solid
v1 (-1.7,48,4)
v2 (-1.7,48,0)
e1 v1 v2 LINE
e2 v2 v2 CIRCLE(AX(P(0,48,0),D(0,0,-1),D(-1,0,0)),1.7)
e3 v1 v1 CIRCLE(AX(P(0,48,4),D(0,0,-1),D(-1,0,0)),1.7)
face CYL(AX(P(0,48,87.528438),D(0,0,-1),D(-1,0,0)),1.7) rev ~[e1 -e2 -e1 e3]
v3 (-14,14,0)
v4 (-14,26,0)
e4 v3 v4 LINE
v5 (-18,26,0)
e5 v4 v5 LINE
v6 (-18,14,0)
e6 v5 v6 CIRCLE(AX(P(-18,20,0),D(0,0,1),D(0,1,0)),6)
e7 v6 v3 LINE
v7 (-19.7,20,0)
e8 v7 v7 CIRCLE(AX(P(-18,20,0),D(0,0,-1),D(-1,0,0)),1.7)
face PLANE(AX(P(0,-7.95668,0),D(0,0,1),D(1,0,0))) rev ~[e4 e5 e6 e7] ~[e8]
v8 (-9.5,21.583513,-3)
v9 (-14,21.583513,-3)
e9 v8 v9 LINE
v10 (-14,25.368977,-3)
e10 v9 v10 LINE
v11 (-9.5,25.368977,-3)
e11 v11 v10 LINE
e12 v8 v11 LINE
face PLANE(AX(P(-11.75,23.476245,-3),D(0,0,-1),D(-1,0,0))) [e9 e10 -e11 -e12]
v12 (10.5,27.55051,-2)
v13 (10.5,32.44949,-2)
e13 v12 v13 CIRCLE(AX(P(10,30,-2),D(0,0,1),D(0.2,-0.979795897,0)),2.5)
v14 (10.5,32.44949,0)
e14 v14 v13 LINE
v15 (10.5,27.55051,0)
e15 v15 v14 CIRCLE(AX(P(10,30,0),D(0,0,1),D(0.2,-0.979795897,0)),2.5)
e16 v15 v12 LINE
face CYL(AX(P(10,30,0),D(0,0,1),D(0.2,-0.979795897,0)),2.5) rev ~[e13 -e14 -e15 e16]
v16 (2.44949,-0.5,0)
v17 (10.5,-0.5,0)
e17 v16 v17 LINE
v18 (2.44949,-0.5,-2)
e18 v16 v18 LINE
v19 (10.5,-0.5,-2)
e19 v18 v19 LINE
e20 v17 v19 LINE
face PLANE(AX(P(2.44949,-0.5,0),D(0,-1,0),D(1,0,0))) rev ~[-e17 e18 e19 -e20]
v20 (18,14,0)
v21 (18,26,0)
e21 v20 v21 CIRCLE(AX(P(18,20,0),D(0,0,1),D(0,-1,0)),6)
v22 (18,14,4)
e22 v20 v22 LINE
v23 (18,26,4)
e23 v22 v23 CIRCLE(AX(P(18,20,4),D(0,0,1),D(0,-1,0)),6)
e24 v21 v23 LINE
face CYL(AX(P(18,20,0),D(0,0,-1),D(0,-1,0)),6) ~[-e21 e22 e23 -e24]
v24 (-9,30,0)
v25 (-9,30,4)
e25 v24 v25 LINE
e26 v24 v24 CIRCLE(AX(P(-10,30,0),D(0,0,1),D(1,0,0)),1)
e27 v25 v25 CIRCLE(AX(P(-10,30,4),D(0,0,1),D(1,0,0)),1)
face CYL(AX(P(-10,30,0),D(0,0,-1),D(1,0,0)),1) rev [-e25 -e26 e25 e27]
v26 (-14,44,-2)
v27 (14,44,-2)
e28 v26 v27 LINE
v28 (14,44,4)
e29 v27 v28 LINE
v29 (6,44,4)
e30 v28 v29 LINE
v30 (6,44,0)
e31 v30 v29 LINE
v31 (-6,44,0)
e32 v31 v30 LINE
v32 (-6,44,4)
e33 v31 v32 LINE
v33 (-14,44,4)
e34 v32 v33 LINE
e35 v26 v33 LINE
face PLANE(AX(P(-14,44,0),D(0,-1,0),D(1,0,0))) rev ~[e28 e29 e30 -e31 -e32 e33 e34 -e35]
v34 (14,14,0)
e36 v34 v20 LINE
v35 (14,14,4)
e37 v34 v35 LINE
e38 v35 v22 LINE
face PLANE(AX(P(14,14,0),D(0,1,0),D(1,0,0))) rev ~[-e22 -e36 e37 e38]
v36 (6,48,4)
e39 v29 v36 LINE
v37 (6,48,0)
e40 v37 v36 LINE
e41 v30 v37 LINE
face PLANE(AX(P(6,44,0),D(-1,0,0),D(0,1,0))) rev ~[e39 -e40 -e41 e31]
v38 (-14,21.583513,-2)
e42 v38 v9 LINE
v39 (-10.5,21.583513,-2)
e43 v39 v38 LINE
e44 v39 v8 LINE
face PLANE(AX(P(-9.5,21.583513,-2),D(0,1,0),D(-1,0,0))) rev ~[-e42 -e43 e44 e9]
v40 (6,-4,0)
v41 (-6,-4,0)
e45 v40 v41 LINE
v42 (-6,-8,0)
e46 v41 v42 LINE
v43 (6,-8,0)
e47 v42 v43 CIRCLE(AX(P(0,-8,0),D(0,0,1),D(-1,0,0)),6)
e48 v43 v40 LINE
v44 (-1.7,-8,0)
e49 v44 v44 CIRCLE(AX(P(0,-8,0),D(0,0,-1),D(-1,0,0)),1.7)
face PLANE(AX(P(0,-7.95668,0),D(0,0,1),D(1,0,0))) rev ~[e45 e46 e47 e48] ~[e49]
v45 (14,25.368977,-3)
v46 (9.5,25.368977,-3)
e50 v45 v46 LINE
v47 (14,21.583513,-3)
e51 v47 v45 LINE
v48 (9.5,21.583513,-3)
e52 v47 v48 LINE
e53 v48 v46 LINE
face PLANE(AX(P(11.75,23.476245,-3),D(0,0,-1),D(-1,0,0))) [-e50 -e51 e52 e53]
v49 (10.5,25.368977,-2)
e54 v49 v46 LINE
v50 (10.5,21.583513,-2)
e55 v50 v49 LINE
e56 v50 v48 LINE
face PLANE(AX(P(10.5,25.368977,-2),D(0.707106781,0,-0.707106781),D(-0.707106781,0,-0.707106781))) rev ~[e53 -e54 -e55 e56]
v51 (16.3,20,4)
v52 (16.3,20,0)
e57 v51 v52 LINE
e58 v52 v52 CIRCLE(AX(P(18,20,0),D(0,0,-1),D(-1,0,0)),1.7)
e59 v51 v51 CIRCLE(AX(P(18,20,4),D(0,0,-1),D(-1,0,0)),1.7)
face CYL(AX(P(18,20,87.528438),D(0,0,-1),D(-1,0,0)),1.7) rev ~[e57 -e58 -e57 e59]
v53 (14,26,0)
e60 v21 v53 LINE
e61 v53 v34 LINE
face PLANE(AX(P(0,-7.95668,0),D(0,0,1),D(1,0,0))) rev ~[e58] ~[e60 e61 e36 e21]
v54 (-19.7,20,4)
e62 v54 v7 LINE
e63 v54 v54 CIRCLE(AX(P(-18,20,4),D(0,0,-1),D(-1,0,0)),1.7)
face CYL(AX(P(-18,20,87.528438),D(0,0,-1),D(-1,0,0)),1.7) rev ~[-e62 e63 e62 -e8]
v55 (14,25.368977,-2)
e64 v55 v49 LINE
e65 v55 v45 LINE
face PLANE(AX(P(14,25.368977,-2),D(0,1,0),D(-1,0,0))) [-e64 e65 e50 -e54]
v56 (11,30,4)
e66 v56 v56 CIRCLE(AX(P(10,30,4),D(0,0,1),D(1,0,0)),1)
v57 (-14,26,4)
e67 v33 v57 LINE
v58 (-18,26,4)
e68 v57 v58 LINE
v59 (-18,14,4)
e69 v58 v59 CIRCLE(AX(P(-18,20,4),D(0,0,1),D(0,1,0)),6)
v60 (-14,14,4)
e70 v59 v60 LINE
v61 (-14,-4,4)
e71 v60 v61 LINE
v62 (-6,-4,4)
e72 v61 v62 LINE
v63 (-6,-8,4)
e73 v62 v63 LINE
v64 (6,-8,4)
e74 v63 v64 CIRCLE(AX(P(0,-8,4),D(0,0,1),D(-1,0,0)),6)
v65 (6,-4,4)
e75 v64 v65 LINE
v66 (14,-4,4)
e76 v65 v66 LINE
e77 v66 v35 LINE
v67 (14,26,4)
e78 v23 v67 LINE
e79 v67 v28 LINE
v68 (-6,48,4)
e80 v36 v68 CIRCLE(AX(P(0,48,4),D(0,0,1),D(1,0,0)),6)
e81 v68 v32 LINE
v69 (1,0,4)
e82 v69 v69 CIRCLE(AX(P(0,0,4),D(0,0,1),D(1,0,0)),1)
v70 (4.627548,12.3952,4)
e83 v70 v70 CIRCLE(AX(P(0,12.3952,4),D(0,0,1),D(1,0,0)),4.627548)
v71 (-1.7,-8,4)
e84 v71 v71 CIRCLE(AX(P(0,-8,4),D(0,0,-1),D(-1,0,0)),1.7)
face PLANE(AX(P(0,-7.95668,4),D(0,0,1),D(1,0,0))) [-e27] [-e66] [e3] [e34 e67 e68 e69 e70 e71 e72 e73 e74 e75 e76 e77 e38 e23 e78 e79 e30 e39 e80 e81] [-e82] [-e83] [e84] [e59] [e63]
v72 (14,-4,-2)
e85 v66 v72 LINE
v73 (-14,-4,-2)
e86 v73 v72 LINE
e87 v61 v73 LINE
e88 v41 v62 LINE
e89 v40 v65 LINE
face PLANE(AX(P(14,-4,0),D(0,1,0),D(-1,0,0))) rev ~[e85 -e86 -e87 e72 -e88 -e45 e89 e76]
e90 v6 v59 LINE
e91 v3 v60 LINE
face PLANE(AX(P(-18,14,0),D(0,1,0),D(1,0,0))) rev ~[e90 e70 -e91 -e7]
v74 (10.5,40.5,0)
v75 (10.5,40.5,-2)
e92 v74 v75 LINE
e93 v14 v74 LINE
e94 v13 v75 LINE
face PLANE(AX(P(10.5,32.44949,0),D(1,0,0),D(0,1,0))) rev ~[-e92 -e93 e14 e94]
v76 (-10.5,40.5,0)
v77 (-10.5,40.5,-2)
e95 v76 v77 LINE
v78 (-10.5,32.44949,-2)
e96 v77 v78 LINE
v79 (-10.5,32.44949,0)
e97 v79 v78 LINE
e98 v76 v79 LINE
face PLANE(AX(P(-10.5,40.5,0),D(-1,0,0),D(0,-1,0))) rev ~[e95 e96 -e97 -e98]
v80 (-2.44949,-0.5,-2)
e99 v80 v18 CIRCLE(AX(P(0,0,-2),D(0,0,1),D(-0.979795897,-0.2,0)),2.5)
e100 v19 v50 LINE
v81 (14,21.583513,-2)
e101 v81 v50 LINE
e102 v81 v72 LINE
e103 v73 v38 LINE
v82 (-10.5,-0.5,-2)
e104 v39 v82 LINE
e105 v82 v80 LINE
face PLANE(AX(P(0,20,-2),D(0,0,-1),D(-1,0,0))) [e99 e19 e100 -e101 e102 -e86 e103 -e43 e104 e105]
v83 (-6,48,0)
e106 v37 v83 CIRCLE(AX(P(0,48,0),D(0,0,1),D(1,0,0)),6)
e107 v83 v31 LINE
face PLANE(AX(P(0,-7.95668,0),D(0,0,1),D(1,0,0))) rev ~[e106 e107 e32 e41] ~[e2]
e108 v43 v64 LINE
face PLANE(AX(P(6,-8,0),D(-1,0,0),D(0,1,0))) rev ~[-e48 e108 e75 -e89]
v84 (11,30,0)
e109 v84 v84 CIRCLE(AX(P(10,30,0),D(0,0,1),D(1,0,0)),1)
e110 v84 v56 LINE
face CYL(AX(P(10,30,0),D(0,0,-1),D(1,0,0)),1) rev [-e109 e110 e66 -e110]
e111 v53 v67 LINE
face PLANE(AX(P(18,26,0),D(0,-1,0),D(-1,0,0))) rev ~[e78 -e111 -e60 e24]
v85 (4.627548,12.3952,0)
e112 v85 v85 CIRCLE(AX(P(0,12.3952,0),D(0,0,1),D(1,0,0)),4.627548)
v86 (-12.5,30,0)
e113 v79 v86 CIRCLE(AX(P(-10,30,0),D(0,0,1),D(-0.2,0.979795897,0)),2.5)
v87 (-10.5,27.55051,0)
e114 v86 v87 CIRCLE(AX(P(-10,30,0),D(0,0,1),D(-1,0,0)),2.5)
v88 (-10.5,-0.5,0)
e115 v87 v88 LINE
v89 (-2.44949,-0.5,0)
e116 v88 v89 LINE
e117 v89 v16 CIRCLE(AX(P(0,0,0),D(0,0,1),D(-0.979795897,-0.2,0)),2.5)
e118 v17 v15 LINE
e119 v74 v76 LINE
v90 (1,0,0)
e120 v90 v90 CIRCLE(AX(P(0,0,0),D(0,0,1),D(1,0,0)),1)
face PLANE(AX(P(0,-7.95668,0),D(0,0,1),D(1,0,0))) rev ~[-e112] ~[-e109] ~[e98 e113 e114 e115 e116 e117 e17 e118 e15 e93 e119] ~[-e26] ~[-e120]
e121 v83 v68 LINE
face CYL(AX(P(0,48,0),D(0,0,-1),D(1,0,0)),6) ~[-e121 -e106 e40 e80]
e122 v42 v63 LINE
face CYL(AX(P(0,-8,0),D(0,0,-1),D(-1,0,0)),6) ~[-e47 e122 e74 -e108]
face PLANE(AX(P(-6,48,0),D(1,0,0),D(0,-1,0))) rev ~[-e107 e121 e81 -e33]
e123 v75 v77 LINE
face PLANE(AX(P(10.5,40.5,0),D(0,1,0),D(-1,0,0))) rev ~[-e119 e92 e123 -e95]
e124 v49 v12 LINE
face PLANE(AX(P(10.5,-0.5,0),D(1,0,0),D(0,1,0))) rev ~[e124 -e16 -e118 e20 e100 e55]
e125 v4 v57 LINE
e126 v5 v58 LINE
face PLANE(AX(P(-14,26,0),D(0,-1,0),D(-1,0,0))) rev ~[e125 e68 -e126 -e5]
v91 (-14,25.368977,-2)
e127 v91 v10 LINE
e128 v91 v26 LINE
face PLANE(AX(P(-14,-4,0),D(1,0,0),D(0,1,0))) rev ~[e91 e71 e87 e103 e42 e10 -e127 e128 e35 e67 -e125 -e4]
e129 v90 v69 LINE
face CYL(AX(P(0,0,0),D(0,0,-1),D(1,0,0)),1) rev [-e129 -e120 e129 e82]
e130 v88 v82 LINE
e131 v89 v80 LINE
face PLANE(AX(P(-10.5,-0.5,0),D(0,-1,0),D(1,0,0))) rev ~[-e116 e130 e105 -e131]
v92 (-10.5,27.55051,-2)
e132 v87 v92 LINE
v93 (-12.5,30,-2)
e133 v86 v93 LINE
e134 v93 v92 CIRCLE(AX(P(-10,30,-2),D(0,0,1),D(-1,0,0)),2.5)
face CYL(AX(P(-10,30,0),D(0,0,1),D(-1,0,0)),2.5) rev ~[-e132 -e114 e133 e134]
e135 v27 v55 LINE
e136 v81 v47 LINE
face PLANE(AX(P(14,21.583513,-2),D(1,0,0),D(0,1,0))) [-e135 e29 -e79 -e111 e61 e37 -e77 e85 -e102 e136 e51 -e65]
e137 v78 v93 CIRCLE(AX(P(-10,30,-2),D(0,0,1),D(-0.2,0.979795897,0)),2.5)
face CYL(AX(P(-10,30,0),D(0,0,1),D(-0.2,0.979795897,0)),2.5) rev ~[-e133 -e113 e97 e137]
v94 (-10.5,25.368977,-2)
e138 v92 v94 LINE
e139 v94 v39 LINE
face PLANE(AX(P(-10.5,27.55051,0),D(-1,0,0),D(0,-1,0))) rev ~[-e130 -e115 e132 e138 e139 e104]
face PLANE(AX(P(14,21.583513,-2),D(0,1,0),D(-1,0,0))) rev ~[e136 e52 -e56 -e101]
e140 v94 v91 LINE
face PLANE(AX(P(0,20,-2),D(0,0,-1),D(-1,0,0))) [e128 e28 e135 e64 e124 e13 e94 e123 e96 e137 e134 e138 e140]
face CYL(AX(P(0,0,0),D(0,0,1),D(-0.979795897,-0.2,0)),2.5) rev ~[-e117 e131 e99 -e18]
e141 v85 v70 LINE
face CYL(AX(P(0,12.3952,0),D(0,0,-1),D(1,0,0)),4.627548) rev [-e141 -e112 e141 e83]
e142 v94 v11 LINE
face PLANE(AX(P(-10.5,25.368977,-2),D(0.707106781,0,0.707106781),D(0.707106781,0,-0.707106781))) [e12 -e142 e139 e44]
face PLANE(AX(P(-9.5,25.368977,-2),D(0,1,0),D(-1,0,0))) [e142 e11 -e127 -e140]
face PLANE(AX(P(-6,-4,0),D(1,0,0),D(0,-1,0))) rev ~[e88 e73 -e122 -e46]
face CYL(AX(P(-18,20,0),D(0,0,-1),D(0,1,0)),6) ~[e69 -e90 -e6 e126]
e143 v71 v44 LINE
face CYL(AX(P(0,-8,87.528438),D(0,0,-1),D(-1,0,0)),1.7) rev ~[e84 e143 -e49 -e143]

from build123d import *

# Parameters (mm, degrees)
SKETCH1_R           = 4.627548386
SKETCH1_R_2         = 1
BOSS_EXTRUDE1_DEPTH = 4
BOSS_EXTRUDE3_DEPTH = 2
SKETCH5_W           = 4.5
SKETCH5_H           = 3.78546494
BOSS_EXTRUDE4_DEPTH = 1
CUT_EXTRUDE1_DEPTH  = 47.280842529
D_GAGEMENT_M31_D    = 3.4


with BuildPart() as part:
    # Sketch1 → Boss-Extrude1 (new body)
    # profile 1 of 9: a face of its own
    with BuildSketch(Plane.XY):
        with BuildLine():
            Line((-6, 44), (-14, 44))
            Line((-14, 44), (-14, 26))
            Line((-14, 26), (-10, 26))
            ThreePointArc((-10, 26), (-4, 20), (-10, 14))
            Line((-10, 14), (-14, 14))
            Line((-14, 14), (-14, -4))
            Line((-14, -4), (-6, -4))
            Line((-6, -4), (-6, 0))
            ThreePointArc((-6, 0), (0, 6), (6, 0))
            Line((6, 0), (6, -4))
            Line((6, -4), (14, -4))
            Line((14, -4), (14, 14))
            Line((14, 14), (10, 14))
            ThreePointArc((10, 14), (4, 20), (10, 26))
            Line((10, 26), (14, 26))
            Line((14, 26), (14, 44))
            Line((14, 44), (6, 44))
            Line((6, 44), (6, 40))
            ThreePointArc((6, 40), (0, 34), (-6, 40))
            Line((-6, 40), (-6, 44))
        make_face()
        with Locations((0, 12.3952)):
            Circle(SKETCH1_R, mode=Mode.SUBTRACT)
        with Locations((-10, 30)):
            Circle(SKETCH1_R_2, mode=Mode.SUBTRACT)
        with Locations((10, 30)):
            Circle(SKETCH1_R_2, mode=Mode.SUBTRACT)
    # profile 2 of 9: a face of its own
    with BuildSketch(Plane.XY):
        with BuildLine():
            Line((-14, 14), (-14, 26))
            Line((-14, 26), (-18, 26))
            ThreePointArc((-18, 26), (-24, 20), (-18, 14))
            Line((-18, 14), (-14, 14))
        make_face()
    # profile 3 of 9: a face of its own
    with BuildSketch(Plane.XY):
        with BuildLine():
            Line((-10, 26), (-14, 26))
            Line((-14, 26), (-14, 14))
            Line((-14, 14), (-10, 14))
            ThreePointArc((-10, 14), (-4, 20), (-10, 26))
        make_face()
    # profile 4 of 9: a face of its own
    with BuildSketch(Plane.XY):
        with BuildLine():
            Line((6, 44), (-6, 44))
            Line((-6, 44), (-6, 40))
            ThreePointArc((-6, 40), (0, 34), (6, 40))
            Line((6, 40), (6, 44))
        make_face()
    # profile 5 of 9: a face of its own
    with BuildSketch(Plane.XY):
        with BuildLine():
            Line((-6, 48), (-6, 44))
            Line((-6, 44), (6, 44))
            Line((6, 44), (6, 48))
            ThreePointArc((6, 48), (0, 54), (-6, 48))
        make_face()
    # profile 6 of 9: a face of its own
    with BuildSketch(Plane.XY):
        with BuildLine():
            Line((14, 14), (14, 26))
            Line((14, 26), (10, 26))
            ThreePointArc((10, 26), (4, 20), (10, 14))
            Line((10, 14), (14, 14))
        make_face()
    # profile 7 of 9: a face of its own
    with BuildSketch(Plane.XY):
        with BuildLine():
            Line((18, 26), (14, 26))
            Line((14, 26), (14, 14))
            Line((14, 14), (18, 14))
            ThreePointArc((18, 14), (24, 20), (18, 26))
        make_face()
    # profile 8 of 9: a face of its own
    with BuildSketch(Plane.XY):
        with BuildLine():
            Line((-6, 0), (-6, -4))
            Line((-6, -4), (6, -4))
            Line((6, -4), (6, 0))
            ThreePointArc((6, 0), (0, 6), (-6, 0))
        make_face()
        Circle(SKETCH1_R_2, mode=Mode.SUBTRACT)
    # profile 9 of 9: a face of its own
    with BuildSketch(Plane.XY):
        with BuildLine():
            Line((6, -4), (-6, -4))
            Line((-6, -4), (-6, -8))
            ThreePointArc((-6, -8), (0, -14), (6, -8))
            Line((6, -8), (6, -4))
        make_face()
    extrude(amount=BOSS_EXTRUDE1_DEPTH)

    # Sketch4 → Boss-Extrude3 (add)
    with BuildSketch(Plane(origin=(0, 0, 0), x_dir=(-1, 0, 0), z_dir=(0, 0, -1))):
        Polygon((-6, 44), (-14, 44), (-14, 26), (-14, 14), (-14, -4), (-6, -4), (6, -4), (14, -4), (14, 14), (14, 26), (14, 44), (6, 44), align=None)
        with BuildLine():
            Line((-10.5, 32.449489743), (-10.5, 40.5))
            Line((-10.5, 40.5), (10.5, 40.5))
            Line((10.5, 40.5), (10.5, 32.449489743))
            ThreePointArc((10.5, 32.449489743), (11.936491673, 31.58113883), (12.5, 30))
            ThreePointArc((12.5, 30), (11.936491673, 28.41886117), (10.5, 27.550510257))
            Line((10.5, 27.550510257), (10.5, -0.5))
            Line((10.5, -0.5), (2.449489743, -0.5))
            ThreePointArc((2.449489743, -0.5), (0, -2.5), (-2.449489743, -0.5))
            Line((-2.449489743, -0.5), (-10.5, -0.5))
            Line((-10.5, -0.5), (-10.5, 27.550510257))
            ThreePointArc((-10.5, 27.550510257), (-12.5, 30), (-10.5, 32.449489743))
        make_face(mode=Mode.SUBTRACT)
    extrude(amount=BOSS_EXTRUDE3_DEPTH)

    # Sketch5 → Boss-Extrude4 (add)
    with BuildSketch(Plane(origin=(0, 0, -2), x_dir=(-1, 0, 0), z_dir=(0, 0, -1))):
        with Locations((-11.75, 23.476244976)):
            Rectangle(SKETCH5_W, SKETCH5_H)
        with Locations((11.75, 23.476244976)):
            Rectangle(SKETCH5_W, SKETCH5_H)
    extrude(amount=BOSS_EXTRUDE4_DEPTH)

    # Sketch7 → Cut-Extrude1 (cut, through all)
    with BuildSketch(Plane(origin=(0, 25.368977446, 0), x_dir=(1, 0, 0), z_dir=(0, 1, 0))):
        Polygon((-10.5, 2), (-9.5, 3), (-9.5, 2), align=None)
        Polygon((10.5, 2), (9.5, 3), (9.5, 2), align=None)
    extrude(amount=-CUT_EXTRUDE1_DEPTH, mode=Mode.SUBTRACT)

    # Dégagement M31 (through all)
    with Locations(Plane.XY.offset(4)):
        with Locations((0, 48), (0, -8), (-18, 20), (18, 20)):
            Hole(D_GAGEMENT_M31_D / 2)


solid = part.part
